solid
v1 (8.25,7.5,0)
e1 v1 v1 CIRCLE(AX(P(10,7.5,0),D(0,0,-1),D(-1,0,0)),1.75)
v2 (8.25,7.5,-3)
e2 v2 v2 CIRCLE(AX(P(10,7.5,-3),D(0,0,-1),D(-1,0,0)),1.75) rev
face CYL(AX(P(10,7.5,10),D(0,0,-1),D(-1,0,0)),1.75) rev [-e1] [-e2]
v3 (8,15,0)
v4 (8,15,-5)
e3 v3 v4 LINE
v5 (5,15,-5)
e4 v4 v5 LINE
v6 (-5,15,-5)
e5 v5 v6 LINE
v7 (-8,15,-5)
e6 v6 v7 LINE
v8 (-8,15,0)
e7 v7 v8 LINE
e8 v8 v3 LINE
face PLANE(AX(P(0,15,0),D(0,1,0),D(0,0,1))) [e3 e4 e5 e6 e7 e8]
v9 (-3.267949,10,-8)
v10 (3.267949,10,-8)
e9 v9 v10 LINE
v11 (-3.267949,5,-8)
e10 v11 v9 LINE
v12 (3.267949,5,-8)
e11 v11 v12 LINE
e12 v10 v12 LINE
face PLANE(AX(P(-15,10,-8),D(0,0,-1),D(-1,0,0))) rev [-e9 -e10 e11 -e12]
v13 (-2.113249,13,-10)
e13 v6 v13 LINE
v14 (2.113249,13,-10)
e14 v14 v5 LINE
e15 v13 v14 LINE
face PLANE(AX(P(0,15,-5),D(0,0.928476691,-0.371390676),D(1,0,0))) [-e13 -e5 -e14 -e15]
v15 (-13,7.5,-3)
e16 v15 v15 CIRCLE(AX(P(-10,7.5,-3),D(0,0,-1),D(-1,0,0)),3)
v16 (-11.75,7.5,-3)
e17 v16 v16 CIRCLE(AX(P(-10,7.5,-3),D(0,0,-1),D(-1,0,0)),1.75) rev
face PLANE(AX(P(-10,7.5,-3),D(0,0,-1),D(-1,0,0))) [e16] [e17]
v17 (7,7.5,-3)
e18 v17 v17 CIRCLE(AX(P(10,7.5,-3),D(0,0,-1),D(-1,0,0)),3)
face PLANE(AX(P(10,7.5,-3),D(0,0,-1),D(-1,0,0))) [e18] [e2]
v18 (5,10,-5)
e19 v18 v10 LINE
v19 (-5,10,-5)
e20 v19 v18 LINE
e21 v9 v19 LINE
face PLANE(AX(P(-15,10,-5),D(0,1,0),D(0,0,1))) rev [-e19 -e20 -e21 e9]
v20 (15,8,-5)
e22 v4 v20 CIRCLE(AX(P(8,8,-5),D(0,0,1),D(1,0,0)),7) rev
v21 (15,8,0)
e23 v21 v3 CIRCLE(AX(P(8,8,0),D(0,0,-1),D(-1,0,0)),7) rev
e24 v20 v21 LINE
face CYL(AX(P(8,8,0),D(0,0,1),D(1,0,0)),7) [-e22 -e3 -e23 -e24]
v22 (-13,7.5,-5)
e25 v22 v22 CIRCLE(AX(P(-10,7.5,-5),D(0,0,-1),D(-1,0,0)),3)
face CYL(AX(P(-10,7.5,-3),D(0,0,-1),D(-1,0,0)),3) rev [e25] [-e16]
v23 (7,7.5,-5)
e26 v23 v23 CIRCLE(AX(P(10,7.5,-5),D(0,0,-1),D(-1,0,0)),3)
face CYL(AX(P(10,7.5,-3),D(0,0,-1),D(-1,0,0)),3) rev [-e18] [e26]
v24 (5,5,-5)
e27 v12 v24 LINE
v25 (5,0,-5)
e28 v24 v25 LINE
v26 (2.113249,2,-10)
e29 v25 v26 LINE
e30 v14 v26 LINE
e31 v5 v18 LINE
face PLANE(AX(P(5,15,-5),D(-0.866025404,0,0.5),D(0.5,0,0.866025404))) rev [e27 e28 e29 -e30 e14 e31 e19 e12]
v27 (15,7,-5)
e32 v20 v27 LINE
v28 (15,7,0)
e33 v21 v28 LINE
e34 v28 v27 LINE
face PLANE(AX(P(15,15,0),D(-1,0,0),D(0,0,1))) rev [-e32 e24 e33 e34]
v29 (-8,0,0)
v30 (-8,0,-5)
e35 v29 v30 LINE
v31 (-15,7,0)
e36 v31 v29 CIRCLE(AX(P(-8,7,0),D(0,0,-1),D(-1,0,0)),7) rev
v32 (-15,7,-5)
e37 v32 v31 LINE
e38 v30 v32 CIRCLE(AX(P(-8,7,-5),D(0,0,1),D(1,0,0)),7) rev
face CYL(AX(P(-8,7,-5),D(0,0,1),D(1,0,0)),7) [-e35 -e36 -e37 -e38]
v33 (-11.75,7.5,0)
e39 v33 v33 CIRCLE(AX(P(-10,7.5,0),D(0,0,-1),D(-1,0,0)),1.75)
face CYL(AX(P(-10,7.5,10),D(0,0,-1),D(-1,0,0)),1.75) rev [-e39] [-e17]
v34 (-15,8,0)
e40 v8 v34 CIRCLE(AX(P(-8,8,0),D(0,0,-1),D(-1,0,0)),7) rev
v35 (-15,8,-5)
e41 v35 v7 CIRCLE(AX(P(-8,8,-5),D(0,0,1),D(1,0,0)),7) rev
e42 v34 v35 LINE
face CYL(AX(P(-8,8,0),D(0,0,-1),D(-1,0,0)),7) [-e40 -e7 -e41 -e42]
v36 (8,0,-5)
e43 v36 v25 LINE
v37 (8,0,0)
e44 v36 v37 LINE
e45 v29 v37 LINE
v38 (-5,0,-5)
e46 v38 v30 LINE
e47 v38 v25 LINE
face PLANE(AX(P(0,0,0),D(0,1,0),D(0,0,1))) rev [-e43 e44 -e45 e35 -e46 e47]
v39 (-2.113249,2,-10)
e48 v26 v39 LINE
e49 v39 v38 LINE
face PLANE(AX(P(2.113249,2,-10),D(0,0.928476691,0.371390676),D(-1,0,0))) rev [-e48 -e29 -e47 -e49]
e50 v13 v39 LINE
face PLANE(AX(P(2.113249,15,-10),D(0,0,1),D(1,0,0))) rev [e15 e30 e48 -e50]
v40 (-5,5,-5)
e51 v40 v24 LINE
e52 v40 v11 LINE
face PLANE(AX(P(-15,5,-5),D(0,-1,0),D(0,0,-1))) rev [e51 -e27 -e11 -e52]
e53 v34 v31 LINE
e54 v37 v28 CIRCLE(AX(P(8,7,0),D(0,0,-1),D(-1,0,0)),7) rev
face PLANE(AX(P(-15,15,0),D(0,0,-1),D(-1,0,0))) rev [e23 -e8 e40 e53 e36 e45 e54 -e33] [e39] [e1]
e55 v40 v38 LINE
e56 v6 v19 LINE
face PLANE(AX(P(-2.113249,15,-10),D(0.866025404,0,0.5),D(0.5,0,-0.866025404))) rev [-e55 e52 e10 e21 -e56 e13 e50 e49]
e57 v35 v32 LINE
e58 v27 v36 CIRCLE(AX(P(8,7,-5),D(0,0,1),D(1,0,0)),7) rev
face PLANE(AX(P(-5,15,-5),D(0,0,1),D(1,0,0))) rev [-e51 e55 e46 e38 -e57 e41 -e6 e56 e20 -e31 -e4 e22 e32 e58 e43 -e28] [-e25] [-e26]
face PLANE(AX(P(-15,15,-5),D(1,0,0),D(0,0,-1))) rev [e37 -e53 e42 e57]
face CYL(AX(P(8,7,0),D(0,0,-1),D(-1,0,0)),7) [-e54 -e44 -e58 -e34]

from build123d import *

# Parameters (mm, degrees)
BOSS_EXTRUDE1_DEPTH = 15
SKETCH11_R          = 1.75
CUT_EXTRUDE1_DEPTH  = 15
SKETCH12_R          = 3
CUT_EXTRUDE2_DEPTH  = 2
CHAMFER1_SIZE       = 2
CHAMFER1_SIZE2      = 5
CHAMFER2_SIZE       = 5
CHAMFER2_SIZE2      = 2
SKETCH13_W          = 3
SKETCH13_H          = 5
CUT_EXTRUDE3_DEPTH  = 36
FILLET1_R           = 7


with BuildPart() as part:
    # Sketch1 → Boss-Extrude1 (new body)
    with BuildSketch(Plane(origin=(0, 0, 0), x_dir=(1, 0, 0), z_dir=(0, 1, 0))):
        Polygon((-15, 0), (15, 0), (15, 5), (5, 5), (2.113248654, 10), (-2.113248654, 10), (-5, 5), (-15, 5), align=None)
    extrude(amount=BOSS_EXTRUDE1_DEPTH)

    # Sketch11 → Cut-Extrude1 (cut)
    with BuildSketch(Plane(origin=(0, 0, -5), x_dir=(-1, 0, 0), z_dir=(0, 0, -1))):
        with Locations((-10, 7.5)):
            Circle(SKETCH11_R)
        with Locations((10, 7.5)):
            Circle(SKETCH11_R)
    extrude(amount=-CUT_EXTRUDE1_DEPTH, mode=Mode.SUBTRACT)

    # Sketch12 → Cut-Extrude2 (cut)
    with BuildSketch(Plane(origin=(0, 0, -5), x_dir=(-1, 0, 0), z_dir=(0, 0, -1))):
        with Locations((-10, 7.5)):
            Circle(SKETCH12_R)
        with Locations((10, 7.5)):
            Circle(SKETCH12_R)
    extrude(amount=-CUT_EXTRUDE2_DEPTH, mode=Mode.SUBTRACT)

    # Chamfer1
    chamfer1_edges = [part.edges().sort_by_distance(p)[0] for p in [
        (0, 15, -10),
    ]]
    chamfer1_side = [part.faces().sort_by_distance(p)[0] for p in [
        (0, 7.5, -10),
    ]]
    chamfer(chamfer1_edges, length=CHAMFER1_SIZE, length2=CHAMFER1_SIZE2, reference=chamfer1_side[0])

    # Chamfer2
    chamfer2_edges = [part.edges().sort_by_distance(p)[0] for p in [
        (0, 0, -10),
    ]]
    chamfer2_side = [part.faces().sort_by_distance(p)[0] for p in [
        (0, 0, -3.3934981),
    ]]
    chamfer(chamfer2_edges, length=CHAMFER2_SIZE, length2=CHAMFER2_SIZE2, reference=chamfer2_side[0])

    # Sketch13 → Cut-Extrude3 (cut, through all)
    with BuildSketch(Plane(origin=(15, 0, 0), x_dir=(0, 0, -1), z_dir=(1, 0, 0))):
        with Locations((6.5, 7.5)):
            Rectangle(SKETCH13_W, SKETCH13_H)
    extrude(amount=-CUT_EXTRUDE3_DEPTH, mode=Mode.SUBTRACT)

    # Fillet1
    fillet1_edges = [part.edges().sort_by_distance(p)[0] for p in [
        (15, 15, -2.5),
        (-15, 0, -2.5),
        (-15, 15, -2.5),
        (15, 0, -2.5),
    ]]
    fillet(fillet1_edges, radius=FILLET1_R)


solid = part.part
